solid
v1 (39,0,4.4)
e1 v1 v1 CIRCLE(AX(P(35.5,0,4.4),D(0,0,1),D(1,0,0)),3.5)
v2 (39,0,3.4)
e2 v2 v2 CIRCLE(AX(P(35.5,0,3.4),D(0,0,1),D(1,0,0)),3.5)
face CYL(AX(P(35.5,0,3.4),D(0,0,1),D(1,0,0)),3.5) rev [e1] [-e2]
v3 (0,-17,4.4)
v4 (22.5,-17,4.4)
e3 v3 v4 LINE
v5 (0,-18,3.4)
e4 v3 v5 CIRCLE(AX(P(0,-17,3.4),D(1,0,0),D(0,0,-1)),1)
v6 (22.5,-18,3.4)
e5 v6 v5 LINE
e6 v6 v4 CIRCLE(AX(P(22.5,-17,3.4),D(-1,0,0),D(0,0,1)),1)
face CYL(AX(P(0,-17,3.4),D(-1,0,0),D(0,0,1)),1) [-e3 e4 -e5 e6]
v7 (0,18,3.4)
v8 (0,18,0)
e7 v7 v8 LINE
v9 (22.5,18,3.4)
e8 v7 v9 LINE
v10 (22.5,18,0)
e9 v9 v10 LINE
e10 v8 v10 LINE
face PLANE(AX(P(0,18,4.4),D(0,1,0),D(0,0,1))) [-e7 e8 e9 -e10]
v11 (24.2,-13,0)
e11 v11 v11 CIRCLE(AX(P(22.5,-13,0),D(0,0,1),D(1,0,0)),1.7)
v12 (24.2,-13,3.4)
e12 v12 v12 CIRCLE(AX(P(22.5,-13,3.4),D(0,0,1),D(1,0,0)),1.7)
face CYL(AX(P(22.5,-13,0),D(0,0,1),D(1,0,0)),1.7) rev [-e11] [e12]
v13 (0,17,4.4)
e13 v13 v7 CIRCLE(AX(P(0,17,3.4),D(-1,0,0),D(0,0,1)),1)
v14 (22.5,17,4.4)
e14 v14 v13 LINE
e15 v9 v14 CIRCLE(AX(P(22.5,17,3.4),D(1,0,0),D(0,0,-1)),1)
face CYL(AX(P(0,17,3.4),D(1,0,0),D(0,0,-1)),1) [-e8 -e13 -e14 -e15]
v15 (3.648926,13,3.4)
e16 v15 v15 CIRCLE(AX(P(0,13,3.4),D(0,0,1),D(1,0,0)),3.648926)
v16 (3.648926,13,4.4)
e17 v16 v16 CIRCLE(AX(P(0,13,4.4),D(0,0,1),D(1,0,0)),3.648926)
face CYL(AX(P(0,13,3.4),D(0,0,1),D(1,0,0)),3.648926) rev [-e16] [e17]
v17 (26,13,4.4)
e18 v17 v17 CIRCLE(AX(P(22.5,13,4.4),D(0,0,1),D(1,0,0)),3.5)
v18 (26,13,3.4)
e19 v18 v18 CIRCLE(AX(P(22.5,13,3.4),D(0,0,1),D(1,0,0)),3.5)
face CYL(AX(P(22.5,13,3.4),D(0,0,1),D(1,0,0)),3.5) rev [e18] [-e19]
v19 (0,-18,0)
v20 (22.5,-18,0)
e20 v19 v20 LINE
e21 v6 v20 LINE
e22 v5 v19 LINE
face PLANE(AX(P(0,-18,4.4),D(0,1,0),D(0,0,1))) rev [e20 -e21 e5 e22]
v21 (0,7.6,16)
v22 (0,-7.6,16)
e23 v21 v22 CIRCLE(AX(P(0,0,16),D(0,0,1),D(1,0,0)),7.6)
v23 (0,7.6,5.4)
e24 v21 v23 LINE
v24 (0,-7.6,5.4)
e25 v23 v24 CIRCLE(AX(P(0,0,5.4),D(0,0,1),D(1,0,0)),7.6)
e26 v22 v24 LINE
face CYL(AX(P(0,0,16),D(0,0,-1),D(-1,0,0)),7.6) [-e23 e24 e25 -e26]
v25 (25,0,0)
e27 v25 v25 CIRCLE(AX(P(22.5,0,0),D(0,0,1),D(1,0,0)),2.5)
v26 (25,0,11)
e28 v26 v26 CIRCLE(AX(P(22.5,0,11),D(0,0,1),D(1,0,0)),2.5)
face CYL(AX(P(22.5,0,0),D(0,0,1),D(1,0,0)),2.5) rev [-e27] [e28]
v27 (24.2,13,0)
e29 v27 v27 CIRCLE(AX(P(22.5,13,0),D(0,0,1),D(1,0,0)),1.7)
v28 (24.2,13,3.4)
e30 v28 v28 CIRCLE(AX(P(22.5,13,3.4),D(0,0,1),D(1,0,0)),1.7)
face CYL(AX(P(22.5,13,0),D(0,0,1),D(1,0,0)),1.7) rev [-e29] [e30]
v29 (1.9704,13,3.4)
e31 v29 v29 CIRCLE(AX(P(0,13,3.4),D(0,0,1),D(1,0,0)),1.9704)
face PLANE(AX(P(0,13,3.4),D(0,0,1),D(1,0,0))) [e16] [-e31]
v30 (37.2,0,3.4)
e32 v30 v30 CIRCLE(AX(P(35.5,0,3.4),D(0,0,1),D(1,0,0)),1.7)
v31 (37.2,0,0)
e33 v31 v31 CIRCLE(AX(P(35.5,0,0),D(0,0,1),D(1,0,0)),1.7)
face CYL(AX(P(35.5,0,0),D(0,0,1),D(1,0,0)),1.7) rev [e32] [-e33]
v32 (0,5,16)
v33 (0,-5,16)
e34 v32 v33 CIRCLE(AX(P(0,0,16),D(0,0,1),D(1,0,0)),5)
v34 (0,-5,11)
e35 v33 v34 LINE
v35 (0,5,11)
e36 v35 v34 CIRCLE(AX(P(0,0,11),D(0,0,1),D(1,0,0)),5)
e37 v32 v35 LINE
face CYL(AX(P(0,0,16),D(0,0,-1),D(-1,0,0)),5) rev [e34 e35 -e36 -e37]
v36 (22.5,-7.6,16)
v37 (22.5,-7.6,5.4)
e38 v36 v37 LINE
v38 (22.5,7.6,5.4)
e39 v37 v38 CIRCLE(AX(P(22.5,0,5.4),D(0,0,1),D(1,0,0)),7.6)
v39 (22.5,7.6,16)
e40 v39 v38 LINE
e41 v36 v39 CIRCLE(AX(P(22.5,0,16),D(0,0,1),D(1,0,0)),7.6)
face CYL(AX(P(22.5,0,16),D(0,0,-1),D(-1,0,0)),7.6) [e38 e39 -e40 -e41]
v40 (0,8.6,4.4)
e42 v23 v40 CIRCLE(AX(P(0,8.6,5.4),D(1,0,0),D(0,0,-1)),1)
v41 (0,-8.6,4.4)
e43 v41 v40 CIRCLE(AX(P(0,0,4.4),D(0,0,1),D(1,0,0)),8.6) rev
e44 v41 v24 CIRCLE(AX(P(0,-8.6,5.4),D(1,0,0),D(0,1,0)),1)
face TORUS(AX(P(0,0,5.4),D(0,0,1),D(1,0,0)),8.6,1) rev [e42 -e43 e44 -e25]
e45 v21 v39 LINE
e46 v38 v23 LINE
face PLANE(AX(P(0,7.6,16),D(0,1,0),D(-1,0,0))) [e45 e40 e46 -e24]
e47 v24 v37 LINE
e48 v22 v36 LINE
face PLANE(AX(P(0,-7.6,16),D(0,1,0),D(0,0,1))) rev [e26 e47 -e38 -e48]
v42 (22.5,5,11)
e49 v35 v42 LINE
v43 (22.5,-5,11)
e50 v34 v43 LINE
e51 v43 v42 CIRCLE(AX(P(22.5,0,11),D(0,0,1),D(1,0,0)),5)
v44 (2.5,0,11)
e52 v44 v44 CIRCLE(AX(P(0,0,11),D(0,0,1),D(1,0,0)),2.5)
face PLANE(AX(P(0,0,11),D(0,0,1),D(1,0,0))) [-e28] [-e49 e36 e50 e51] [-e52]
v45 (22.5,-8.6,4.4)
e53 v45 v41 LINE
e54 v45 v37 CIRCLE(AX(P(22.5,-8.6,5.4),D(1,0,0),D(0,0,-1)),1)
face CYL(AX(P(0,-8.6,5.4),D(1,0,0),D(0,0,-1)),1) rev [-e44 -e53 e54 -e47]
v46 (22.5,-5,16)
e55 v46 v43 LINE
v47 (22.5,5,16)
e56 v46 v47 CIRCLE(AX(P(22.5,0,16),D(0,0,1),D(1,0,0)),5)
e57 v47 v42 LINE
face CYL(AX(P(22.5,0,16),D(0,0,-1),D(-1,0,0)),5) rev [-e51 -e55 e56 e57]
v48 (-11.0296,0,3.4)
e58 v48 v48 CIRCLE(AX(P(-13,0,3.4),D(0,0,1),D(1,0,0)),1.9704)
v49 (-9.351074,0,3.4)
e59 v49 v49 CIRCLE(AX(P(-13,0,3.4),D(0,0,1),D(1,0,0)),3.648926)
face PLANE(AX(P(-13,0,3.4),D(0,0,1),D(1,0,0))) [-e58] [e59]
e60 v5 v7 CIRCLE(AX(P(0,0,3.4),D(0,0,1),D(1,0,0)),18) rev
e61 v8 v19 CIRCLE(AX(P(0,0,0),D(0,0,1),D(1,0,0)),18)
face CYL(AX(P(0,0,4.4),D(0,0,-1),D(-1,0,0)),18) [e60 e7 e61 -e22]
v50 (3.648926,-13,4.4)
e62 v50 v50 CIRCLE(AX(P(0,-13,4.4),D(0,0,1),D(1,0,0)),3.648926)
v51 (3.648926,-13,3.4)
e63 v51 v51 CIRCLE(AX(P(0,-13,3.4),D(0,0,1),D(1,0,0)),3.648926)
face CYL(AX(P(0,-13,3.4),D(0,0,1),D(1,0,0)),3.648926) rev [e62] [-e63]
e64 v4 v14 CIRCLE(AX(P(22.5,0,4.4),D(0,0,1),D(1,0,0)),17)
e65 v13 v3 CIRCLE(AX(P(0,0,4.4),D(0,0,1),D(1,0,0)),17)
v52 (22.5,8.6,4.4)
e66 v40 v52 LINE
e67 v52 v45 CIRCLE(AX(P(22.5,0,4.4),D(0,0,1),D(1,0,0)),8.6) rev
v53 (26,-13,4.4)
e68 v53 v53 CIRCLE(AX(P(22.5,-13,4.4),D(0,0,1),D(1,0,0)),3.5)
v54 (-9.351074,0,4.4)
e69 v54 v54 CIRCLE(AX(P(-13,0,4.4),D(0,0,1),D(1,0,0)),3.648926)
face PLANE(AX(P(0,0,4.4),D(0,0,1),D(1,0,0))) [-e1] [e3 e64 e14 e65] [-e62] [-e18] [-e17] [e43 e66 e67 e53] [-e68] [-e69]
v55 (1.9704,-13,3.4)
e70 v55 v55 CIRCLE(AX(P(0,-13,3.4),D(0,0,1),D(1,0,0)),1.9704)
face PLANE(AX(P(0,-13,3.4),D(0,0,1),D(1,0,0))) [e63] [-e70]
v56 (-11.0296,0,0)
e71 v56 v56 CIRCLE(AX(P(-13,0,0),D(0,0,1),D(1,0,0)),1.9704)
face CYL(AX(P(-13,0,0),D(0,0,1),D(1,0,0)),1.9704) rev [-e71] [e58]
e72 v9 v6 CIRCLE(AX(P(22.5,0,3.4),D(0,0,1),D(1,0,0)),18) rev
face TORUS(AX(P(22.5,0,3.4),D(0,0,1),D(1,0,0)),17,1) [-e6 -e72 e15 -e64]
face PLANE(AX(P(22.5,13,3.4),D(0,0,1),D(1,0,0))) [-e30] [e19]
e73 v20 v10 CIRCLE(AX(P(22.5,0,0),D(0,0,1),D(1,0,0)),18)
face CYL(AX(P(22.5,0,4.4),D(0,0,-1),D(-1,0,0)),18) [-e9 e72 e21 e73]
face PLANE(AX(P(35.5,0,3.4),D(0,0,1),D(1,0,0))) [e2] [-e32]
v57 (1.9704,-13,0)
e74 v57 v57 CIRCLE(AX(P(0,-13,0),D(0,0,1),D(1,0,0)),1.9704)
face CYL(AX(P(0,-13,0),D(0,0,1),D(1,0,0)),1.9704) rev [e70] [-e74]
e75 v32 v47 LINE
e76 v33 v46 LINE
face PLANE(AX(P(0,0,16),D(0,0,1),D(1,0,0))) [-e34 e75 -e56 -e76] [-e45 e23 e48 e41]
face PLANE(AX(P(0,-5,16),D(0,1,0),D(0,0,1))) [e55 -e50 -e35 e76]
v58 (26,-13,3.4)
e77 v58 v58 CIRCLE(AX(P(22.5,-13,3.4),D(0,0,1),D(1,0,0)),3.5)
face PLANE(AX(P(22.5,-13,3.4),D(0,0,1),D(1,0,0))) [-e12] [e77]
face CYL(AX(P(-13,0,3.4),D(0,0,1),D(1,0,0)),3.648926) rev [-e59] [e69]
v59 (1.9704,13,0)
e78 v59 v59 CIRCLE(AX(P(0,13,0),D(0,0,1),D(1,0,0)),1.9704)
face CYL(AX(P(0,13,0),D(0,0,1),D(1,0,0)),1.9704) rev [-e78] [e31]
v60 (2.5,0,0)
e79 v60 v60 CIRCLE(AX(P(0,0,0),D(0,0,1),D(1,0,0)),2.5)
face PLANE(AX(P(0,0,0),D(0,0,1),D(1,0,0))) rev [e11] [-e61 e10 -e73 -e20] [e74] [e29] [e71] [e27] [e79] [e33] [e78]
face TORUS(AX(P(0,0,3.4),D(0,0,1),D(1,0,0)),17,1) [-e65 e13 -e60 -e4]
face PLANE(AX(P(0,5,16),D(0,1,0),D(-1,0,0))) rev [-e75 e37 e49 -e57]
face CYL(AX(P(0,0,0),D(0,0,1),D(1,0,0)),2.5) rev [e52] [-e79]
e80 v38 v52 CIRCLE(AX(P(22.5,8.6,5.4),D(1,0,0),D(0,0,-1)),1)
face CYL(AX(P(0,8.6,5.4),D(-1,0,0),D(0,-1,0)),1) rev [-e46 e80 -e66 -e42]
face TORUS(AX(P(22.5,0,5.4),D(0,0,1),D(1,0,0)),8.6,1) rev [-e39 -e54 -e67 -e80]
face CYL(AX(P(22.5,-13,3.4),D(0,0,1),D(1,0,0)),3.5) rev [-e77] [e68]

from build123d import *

# Parameters (mm, degrees)
BOSS_EXTRUDE1_DEPTH = 4.4
BOSS_EXTRUDE2_DEPTH = 16
BOSS_EXTRUDE3_DEPTH = 11
SKETCH2_R           = 2.5
CUT_EXTRUDE1_DEPTH  = 46.664537663
SKETCH3_R           = 3.5
SKETCH3_R_2         = 1.7
SKETCH3_R_3         = 3.648925592
SKETCH3_R_4         = 1.97040034
CUT_EXTRUDE2_DEPTH  = 1
SKETCH3_3_R         = 1.7
SKETCH3_3_R_2       = 1.97040034
CUT_EXTRUDE3_DEPTH  = 46.812771145
FILLET1_R           = 1


with BuildPart() as part:
    # Sketch1 → Boss-Extrude1 (new body)
    with BuildSketch(Plane.XY):
        with BuildLine():
            ThreePointArc((0, 18), (-18, 0), (0, -18))
            Line((0, -18), (22.5, -18))
            ThreePointArc((22.5, -18), (40.5, 0), (22.5, 18))
            Line((22.5, 18), (0, 18))
        make_face()
        with BuildLine():
            Line((22.5, -7.6), (0, -7.6))
            ThreePointArc((0, -7.6), (-7.6, 0), (0, 7.6))
            Line((0, 7.6), (22.5, 7.6))
            ThreePointArc((22.5, 7.6), (30.1, 0), (22.5, -7.6))
        make_face(mode=Mode.SUBTRACT)
    extrude(amount=BOSS_EXTRUDE1_DEPTH)

    # Sketch1<3> → Boss-Extrude2 (add)
    with BuildSketch(Plane.XY):
        with BuildLine():
            ThreePointArc((0, 7.6), (-7.6, 0), (0, -7.6))
            Line((0, -7.6), (22.5, -7.6))
            ThreePointArc((22.5, -7.6), (30.1, 0), (22.5, 7.6))
            Line((22.5, 7.6), (0, 7.6))
        make_face()
        with BuildLine():
            Line((22.5, -5), (0, -5))
            ThreePointArc((0, -5), (-5, 0), (0, 5))
            Line((0, 5), (22.5, 5))
            ThreePointArc((22.5, 5), (27.5, 0), (22.5, -5))
        make_face(mode=Mode.SUBTRACT)
    extrude(amount=BOSS_EXTRUDE2_DEPTH)

    # Sketch1<4> → Boss-Extrude3 (add)
    with BuildSketch(Plane.XY):
        with BuildLine():
            ThreePointArc((0, 5), (-5, 0), (0, -5))
            Line((0, -5), (22.5, -5))
            ThreePointArc((22.5, -5), (27.5, 0), (22.5, 5))
            Line((22.5, 5), (0, 5))
        make_face()
    extrude(amount=BOSS_EXTRUDE3_DEPTH)

    # Sketch2 → Cut-Extrude1 (cut, through all)
    with BuildSketch(Plane.XY.offset(11)):
        Circle(SKETCH2_R)
        with Locations((22.5, 0)):
            Circle(SKETCH2_R)
    extrude(amount=-CUT_EXTRUDE1_DEPTH, mode=Mode.SUBTRACT)

    # Sketch3 → Cut-Extrude2 (cut)
    # profile 1 of 6: a face of its own
    with BuildSketch(Plane.XY.offset(4.4)):
        with Locations((35.5, 0)):
            Circle(SKETCH3_R)
        with Locations((35.5, 0)):
            Circle(SKETCH3_R_2, mode=Mode.SUBTRACT)
    # profile 2 of 6: a face of its own
    with BuildSketch(Plane.XY.offset(4.4)):
        with Locations((-13, 0)):
            Circle(SKETCH3_R_3)
        with Locations((-13, 0)):
            Circle(SKETCH3_R_4, mode=Mode.SUBTRACT)
    # profile 3 of 6: a face of its own
    with BuildSketch(Plane.XY.offset(4.4)):
        with Locations((22.5, -13)):
            Circle(SKETCH3_R)
        with Locations((22.5, -13)):
            Circle(SKETCH3_R_2, mode=Mode.SUBTRACT)
    # profile 4 of 6: a face of its own
    with BuildSketch(Plane.XY.offset(4.4)):
        with Locations((0, 13)):
            Circle(SKETCH3_R_3)
        with Locations((0, 13)):
            Circle(SKETCH3_R_4, mode=Mode.SUBTRACT)
    # profile 5 of 6: a face of its own
    with BuildSketch(Plane.XY.offset(4.4)):
        with Locations((0, -13)):
            Circle(SKETCH3_R_3)
        with Locations((0, -13)):
            Circle(SKETCH3_R_4, mode=Mode.SUBTRACT)
    # profile 6 of 6: a face of its own
    with BuildSketch(Plane.XY.offset(4.4)):
        with Locations((22.5, 13)):
            Circle(SKETCH3_R)
        with Locations((22.5, 13)):
            Circle(SKETCH3_R_2, mode=Mode.SUBTRACT)
    extrude(amount=-CUT_EXTRUDE2_DEPTH, mode=Mode.SUBTRACT)

    # Sketch3<3> → Cut-Extrude3 (cut, through all)
    with BuildSketch(Plane.XY.offset(4.4)):
        with Locations((35.5, 0)):
            Circle(SKETCH3_3_R)
        with Locations((-13, 0)):
            Circle(SKETCH3_3_R_2)
        with Locations((22.5, -13)):
            Circle(SKETCH3_3_R)
        with Locations((0, 13)):
            Circle(SKETCH3_3_R_2)
        with Locations((0, -13)):
            Circle(SKETCH3_3_R_2)
        with Locations((22.5, 13)):
            Circle(SKETCH3_3_R)
    extrude(amount=-CUT_EXTRUDE3_DEPTH, mode=Mode.SUBTRACT)

    # Fillet1
    fillet1_edges = [part.edges().sort_by_distance(p)[0] for p in [
        (11.25, -18, 4.4),
        (-18, 0, 4.4),
        (11.25, 18, 4.4),
        (-7.6, 0, 4.4),
        (11.25, 7.6, 4.4),
        (30.1, 0, 4.4),
        (40.5, 0, 4.4),
        (11.25, -7.6, 4.4),
    ]]
    fillet(fillet1_edges, radius=FILLET1_R)


solid = part.part
